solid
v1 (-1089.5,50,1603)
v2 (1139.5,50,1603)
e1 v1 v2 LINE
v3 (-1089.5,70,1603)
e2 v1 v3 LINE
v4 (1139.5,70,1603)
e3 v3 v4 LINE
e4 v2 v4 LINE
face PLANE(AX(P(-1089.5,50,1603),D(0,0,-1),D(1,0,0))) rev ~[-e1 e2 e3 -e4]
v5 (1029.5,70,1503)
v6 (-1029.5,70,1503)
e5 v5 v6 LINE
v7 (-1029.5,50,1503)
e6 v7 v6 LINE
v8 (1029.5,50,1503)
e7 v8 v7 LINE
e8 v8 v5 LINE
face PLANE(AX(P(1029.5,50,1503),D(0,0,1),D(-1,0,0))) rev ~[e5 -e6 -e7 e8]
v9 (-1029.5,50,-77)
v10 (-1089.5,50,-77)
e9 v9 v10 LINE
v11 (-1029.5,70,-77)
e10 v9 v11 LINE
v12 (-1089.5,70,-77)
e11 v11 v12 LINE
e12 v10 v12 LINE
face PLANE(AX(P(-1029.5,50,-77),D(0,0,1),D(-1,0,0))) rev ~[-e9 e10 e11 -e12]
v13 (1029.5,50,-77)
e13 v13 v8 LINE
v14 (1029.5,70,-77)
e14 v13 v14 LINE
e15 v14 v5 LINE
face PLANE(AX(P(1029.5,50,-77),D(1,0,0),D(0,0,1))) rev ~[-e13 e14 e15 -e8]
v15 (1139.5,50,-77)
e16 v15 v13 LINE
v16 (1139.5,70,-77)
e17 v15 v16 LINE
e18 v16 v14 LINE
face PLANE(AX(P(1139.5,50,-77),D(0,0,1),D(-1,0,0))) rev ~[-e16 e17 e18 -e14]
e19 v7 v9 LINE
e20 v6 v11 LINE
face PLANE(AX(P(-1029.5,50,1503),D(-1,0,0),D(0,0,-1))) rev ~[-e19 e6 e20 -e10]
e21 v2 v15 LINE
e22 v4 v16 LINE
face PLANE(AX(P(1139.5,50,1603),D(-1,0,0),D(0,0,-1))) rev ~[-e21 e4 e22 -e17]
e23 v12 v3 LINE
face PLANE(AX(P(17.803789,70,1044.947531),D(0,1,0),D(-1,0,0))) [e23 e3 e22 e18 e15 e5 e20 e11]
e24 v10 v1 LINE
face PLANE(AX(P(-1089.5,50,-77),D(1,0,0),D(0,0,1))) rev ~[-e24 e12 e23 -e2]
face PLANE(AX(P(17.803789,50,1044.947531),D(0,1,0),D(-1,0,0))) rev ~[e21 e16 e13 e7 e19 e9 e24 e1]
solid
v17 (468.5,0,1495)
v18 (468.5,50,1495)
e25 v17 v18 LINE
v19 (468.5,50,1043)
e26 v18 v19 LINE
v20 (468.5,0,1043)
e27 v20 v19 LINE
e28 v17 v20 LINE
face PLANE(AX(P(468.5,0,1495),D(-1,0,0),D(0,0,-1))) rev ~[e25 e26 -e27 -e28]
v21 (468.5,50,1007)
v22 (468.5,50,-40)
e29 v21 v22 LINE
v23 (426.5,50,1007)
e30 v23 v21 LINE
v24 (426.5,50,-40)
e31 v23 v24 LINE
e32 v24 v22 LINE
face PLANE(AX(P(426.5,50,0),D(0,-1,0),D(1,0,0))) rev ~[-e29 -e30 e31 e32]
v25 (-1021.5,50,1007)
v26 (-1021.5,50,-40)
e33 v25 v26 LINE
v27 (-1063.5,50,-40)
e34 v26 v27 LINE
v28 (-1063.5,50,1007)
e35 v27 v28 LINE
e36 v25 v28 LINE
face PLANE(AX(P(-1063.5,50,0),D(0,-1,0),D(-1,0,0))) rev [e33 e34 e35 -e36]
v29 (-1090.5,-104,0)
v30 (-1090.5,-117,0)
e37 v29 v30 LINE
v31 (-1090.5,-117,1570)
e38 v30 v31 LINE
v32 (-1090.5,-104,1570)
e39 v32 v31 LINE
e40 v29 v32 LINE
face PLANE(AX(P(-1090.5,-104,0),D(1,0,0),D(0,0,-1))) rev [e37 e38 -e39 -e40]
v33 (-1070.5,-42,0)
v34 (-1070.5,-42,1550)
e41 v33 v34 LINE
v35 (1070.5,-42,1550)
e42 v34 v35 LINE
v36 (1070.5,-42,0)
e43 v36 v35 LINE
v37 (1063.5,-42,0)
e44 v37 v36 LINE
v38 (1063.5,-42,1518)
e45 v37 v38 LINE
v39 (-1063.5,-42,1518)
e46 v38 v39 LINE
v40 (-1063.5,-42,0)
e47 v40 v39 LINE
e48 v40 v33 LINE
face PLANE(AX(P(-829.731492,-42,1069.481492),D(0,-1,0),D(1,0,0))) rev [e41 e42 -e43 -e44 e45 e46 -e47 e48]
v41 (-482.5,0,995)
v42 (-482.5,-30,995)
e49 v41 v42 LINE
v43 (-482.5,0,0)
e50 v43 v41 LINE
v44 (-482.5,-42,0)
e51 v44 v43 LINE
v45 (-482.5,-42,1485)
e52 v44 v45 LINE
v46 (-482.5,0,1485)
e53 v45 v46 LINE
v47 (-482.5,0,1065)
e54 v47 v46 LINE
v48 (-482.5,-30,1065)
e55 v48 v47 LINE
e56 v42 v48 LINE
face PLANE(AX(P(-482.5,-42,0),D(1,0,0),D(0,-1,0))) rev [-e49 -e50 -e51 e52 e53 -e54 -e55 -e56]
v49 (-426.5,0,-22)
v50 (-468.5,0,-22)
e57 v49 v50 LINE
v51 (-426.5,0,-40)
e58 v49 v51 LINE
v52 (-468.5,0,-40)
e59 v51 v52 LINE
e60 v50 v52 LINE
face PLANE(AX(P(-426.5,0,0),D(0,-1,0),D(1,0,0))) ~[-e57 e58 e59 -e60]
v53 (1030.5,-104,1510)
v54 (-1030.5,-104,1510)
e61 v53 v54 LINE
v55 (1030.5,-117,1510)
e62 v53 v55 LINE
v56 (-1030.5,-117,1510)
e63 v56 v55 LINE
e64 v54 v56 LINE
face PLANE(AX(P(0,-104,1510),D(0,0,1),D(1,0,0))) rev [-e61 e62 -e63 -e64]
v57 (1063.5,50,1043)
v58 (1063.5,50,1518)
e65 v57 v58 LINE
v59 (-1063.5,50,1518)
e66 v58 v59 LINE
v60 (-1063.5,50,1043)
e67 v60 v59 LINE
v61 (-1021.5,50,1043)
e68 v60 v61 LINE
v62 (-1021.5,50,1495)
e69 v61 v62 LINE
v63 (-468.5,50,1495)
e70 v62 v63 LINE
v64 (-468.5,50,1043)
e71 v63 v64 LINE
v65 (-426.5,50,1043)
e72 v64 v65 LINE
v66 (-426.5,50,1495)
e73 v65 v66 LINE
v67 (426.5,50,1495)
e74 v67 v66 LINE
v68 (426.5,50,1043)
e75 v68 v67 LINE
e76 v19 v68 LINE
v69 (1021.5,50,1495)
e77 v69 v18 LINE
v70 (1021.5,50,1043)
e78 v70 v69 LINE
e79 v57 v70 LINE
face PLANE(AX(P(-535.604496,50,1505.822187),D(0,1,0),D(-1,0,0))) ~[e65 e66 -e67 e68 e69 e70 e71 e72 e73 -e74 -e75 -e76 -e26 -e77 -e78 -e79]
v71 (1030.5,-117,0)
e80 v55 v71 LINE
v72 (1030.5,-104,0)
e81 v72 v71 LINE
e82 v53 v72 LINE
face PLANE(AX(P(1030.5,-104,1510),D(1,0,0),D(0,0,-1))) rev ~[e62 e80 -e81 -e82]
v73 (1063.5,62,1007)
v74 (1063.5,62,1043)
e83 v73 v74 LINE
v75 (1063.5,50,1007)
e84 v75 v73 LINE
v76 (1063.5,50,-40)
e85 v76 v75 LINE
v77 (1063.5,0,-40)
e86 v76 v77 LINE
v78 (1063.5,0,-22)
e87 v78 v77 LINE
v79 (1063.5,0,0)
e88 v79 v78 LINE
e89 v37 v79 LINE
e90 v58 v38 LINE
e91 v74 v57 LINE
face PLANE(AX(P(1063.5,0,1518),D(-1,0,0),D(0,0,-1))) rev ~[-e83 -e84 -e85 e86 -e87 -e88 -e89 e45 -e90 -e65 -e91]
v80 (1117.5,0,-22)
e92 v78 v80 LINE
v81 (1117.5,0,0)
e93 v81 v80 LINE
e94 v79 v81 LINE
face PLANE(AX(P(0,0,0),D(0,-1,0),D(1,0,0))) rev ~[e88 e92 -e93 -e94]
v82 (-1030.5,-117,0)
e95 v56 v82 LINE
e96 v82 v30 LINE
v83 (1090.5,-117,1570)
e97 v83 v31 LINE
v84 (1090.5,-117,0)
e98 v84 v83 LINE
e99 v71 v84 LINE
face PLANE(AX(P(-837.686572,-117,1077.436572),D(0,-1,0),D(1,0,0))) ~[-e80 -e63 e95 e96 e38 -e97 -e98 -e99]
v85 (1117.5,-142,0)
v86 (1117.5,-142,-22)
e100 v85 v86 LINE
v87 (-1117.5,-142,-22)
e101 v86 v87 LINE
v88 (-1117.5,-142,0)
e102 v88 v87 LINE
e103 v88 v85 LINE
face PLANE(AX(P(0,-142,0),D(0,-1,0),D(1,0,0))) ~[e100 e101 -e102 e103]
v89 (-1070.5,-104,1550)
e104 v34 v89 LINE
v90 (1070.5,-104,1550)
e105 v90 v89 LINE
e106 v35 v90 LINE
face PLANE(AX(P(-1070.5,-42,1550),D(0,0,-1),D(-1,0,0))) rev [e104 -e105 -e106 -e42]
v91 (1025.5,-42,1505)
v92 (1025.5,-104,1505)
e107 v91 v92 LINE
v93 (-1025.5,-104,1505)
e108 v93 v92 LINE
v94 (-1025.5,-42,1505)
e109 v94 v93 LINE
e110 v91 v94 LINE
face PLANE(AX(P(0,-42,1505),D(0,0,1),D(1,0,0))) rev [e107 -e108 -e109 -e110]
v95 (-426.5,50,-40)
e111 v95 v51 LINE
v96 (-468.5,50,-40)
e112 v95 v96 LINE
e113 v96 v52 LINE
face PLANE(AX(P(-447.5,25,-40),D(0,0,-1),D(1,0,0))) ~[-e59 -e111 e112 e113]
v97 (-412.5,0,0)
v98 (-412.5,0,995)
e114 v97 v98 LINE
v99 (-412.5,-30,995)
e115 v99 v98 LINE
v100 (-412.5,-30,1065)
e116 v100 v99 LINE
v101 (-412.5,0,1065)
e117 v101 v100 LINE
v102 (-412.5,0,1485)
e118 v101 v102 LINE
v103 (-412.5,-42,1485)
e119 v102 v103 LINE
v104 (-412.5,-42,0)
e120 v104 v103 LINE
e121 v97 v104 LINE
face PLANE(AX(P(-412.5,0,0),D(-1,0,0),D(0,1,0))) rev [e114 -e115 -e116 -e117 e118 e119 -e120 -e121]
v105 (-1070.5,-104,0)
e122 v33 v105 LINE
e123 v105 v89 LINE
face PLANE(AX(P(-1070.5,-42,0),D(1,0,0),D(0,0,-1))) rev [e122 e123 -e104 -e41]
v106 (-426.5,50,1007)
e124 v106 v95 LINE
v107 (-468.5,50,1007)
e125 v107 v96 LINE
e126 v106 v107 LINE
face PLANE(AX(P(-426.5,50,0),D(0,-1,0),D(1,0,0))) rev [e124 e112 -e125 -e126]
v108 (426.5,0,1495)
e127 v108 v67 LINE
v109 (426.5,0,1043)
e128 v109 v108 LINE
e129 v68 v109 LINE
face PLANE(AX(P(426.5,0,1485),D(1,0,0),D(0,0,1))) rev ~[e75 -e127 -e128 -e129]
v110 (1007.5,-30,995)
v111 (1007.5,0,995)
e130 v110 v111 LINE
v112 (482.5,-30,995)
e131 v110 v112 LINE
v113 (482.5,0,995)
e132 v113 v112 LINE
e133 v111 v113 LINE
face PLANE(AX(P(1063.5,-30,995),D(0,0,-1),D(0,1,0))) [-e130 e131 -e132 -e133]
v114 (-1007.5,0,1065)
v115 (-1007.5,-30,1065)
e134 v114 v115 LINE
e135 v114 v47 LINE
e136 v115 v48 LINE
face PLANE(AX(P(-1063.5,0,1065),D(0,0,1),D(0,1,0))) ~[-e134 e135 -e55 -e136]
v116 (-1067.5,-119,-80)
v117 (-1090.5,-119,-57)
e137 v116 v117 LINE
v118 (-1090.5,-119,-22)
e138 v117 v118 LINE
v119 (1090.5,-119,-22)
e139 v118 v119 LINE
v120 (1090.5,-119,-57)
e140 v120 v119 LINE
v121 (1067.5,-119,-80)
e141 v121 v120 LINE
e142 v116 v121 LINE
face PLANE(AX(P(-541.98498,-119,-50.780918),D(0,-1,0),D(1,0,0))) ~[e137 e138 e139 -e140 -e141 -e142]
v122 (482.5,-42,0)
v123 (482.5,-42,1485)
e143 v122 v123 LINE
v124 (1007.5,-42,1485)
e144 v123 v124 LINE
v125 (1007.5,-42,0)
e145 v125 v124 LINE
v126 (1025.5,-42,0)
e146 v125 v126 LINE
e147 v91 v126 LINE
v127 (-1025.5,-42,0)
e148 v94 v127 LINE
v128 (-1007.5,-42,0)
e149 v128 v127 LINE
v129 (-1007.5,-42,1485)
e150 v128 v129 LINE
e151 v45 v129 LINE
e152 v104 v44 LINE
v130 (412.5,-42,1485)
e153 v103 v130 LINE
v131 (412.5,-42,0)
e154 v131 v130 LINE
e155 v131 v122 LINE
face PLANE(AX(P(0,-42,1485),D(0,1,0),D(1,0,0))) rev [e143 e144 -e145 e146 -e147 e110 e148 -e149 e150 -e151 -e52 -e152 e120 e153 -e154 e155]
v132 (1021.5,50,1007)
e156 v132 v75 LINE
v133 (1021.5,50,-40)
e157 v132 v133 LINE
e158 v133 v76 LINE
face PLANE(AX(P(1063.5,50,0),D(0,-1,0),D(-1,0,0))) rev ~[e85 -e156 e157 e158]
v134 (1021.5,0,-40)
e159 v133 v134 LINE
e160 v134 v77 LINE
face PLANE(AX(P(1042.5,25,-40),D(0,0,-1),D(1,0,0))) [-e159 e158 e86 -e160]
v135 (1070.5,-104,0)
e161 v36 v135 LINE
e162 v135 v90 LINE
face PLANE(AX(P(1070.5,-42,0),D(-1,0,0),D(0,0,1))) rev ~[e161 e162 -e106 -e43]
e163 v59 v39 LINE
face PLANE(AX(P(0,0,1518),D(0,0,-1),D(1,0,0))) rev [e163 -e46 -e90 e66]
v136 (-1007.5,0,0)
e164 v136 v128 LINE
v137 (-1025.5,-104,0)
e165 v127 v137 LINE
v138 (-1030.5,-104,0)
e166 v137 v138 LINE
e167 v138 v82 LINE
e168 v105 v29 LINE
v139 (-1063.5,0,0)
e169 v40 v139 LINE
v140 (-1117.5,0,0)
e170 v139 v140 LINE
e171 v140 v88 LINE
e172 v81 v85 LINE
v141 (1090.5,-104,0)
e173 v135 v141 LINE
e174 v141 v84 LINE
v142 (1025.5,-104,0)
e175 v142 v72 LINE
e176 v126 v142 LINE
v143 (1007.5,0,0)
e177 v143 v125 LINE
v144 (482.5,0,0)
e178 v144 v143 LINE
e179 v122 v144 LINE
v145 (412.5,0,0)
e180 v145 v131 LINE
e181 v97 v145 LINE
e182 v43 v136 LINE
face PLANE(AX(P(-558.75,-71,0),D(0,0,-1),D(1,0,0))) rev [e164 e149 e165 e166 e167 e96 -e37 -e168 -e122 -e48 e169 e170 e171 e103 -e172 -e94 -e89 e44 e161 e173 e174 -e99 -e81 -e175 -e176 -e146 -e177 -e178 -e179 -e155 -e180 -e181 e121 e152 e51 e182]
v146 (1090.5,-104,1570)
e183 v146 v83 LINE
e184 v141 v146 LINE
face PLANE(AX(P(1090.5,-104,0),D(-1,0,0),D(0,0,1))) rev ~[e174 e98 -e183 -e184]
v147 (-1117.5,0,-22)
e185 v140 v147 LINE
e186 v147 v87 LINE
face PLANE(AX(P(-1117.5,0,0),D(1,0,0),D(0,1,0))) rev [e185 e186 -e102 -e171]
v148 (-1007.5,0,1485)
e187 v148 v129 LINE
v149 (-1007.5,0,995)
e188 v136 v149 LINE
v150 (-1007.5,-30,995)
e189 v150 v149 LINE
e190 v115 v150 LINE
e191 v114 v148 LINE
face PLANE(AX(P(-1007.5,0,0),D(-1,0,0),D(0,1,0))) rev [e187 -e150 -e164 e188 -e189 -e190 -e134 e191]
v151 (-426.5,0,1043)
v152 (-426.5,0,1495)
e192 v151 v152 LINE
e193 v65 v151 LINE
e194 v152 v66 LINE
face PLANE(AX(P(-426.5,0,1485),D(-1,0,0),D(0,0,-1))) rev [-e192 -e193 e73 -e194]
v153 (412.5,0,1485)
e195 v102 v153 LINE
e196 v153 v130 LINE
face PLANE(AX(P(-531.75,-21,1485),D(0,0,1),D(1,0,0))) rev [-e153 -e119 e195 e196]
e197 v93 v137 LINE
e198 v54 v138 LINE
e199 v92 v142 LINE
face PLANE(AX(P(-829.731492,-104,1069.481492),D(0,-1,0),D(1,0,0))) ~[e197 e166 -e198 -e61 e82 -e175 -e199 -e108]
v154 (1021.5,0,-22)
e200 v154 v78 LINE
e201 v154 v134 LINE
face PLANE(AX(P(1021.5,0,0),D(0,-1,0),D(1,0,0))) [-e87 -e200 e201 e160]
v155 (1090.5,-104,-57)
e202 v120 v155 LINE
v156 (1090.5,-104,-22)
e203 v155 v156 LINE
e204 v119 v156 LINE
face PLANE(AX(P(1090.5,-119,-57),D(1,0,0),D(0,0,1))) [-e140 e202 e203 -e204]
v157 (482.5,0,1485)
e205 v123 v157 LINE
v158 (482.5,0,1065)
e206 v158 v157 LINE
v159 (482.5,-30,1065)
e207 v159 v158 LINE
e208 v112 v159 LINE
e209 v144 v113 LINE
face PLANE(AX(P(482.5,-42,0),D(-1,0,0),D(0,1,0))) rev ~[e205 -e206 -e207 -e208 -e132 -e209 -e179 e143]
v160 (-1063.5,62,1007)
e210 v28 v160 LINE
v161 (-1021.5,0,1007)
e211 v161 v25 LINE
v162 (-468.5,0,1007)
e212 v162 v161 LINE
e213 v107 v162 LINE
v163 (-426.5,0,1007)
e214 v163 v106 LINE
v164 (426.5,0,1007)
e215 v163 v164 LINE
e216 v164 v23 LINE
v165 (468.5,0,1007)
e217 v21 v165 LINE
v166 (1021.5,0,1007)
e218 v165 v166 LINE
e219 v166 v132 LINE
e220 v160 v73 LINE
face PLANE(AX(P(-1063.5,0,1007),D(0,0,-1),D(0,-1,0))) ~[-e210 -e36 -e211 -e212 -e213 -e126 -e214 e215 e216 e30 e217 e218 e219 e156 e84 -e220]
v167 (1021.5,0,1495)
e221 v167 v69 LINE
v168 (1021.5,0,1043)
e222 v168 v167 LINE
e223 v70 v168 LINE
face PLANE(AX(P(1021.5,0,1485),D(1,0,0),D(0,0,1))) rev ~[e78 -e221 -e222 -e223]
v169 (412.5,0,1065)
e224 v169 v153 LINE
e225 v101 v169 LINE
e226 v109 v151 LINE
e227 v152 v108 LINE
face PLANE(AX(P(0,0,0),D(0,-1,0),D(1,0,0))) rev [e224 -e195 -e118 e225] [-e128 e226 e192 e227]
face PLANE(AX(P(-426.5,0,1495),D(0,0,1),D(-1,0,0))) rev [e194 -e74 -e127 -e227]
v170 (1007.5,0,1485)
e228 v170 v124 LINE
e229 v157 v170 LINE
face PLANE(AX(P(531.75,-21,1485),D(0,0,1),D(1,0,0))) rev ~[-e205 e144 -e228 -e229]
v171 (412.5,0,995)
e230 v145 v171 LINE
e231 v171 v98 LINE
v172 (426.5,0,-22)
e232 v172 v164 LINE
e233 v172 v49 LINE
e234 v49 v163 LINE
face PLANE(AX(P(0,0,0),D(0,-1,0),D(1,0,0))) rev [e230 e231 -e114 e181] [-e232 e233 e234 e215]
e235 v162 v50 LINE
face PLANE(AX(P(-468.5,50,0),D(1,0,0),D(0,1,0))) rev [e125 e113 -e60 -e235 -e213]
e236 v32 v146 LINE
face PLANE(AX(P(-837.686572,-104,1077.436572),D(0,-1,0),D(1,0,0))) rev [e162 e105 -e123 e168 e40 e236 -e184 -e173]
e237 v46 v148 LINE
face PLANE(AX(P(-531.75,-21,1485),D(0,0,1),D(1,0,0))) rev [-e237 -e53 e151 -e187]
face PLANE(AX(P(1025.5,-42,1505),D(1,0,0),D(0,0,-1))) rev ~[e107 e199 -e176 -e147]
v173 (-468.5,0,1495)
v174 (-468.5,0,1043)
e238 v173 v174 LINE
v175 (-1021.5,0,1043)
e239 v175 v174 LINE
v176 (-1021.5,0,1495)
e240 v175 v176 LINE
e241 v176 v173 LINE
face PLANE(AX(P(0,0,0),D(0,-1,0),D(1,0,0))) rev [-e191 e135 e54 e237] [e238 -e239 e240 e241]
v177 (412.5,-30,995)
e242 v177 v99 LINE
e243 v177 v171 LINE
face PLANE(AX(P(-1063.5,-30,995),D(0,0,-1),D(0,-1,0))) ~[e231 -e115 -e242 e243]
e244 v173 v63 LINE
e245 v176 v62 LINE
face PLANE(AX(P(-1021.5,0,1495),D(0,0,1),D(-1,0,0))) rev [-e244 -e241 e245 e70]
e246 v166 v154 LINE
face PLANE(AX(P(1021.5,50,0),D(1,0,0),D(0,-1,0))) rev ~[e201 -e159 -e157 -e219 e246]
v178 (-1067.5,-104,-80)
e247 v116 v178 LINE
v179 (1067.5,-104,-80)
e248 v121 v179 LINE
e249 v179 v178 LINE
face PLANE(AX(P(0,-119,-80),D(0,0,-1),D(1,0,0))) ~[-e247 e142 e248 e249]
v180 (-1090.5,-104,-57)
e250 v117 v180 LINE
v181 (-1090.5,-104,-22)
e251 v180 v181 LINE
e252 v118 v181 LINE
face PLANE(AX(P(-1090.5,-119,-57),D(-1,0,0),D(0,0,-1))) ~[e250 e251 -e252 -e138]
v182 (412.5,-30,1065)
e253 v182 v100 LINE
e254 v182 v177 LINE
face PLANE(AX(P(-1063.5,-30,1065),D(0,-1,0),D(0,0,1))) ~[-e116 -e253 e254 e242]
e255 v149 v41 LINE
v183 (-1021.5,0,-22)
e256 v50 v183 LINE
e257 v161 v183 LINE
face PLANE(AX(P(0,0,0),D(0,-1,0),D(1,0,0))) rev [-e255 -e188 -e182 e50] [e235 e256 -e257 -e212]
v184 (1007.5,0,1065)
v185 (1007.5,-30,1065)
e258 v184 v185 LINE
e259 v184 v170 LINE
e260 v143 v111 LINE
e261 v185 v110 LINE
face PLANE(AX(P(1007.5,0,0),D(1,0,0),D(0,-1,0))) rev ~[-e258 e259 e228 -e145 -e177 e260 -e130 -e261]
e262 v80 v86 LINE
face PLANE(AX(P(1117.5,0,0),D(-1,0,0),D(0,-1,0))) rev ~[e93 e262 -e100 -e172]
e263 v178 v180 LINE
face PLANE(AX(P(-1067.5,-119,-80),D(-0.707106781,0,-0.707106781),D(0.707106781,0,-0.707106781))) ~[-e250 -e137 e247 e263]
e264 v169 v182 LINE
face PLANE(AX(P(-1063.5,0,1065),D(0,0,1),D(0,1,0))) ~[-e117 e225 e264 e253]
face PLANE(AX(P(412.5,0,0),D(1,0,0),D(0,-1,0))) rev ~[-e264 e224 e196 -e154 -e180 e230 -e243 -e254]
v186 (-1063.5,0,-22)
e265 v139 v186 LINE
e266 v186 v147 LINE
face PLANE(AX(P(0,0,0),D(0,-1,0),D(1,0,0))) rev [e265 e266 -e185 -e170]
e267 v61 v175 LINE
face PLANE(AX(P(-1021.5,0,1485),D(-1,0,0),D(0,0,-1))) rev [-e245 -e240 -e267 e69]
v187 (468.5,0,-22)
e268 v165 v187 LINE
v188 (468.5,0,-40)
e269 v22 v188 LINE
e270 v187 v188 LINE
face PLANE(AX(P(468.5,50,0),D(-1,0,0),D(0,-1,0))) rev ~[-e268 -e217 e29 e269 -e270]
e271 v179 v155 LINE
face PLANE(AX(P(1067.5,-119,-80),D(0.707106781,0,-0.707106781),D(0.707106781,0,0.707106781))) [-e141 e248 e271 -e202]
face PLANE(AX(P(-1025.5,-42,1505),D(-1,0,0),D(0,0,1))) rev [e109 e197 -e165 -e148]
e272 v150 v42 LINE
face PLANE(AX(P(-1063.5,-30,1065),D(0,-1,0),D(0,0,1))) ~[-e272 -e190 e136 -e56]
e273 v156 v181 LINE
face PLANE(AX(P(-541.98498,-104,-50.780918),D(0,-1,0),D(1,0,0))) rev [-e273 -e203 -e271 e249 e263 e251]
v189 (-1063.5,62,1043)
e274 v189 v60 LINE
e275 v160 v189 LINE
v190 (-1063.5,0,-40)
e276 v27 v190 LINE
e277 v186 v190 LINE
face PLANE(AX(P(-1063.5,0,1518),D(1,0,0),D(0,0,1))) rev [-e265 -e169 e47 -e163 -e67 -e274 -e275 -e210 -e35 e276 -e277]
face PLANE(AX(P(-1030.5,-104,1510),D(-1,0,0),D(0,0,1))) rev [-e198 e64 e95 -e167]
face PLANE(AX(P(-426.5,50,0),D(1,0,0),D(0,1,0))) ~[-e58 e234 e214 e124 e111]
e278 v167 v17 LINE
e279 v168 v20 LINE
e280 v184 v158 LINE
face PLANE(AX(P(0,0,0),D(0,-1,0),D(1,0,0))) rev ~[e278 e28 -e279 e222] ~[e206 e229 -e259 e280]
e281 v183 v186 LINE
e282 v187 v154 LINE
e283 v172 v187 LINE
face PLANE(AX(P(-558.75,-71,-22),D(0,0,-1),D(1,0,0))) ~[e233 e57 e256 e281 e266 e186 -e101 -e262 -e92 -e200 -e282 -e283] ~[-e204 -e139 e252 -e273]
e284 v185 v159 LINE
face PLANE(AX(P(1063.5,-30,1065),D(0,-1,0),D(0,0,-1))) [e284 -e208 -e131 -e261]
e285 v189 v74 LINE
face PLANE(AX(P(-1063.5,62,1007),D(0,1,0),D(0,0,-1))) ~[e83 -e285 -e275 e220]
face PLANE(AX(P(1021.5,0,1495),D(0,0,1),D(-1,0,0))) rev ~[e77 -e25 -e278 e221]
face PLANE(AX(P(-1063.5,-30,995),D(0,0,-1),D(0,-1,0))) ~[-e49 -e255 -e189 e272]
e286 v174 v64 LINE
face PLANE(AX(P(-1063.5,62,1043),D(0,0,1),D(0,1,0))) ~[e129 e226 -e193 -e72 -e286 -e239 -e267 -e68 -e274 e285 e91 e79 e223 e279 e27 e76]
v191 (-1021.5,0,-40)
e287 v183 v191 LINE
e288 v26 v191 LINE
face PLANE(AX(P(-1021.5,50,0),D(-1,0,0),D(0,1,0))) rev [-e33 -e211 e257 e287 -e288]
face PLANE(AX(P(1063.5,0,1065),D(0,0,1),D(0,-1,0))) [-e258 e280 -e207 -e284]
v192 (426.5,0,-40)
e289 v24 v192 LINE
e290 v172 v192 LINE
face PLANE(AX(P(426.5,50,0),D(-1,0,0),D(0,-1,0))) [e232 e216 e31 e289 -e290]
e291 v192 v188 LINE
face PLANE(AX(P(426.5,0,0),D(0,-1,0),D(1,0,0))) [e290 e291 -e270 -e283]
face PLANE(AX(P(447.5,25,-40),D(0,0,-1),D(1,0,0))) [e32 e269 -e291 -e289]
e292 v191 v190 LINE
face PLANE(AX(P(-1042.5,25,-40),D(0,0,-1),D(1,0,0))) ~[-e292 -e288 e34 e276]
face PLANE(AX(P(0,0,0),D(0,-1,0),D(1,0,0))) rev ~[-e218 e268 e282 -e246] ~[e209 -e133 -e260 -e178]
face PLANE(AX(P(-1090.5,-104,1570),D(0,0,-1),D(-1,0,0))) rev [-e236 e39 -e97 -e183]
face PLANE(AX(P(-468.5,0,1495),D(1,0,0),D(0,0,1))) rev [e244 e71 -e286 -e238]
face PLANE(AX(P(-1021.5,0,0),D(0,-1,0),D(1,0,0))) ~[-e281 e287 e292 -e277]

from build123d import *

# Parameters (mm, degrees)
F1_DEPTH  = 1485
F2_W      = 1063.5
F2_H      = 42
F3_DEPTH  = 33
F4_W      = 1117.5
F4_H      = 142
F5_DEPTH  = 22
F7_DEPTH  = 1063.5
F9_DEPTH  = 62
F11_DEPTH = 13
F14_DEPTH = 15
F16_DEPTH = 50
F17_W     = 42
F17_H     = 50
F18_DEPTH = 40
F21_DEPTH = 20


with BuildPart() as f1:
    # F0 (on Top) → F1 (new body)
    with BuildSketch(Plane.XY):
        Polygon((426.5, 50), (426.5, 0), (412.5, 0), (412.5, -42), (482.5, -42), (482.5, 0), (468.5, 0), (468.5, 50), align=None)
    extrude(amount=F1_DEPTH)



with BuildPart() as f1b:
    # F0 (on Top) → F1, piece 2 (new body)
    with BuildSketch(Plane.XY):
        Polygon((1021.5, 0), (1007.5, 0), (1007.5, -42), (1063.5, -42), (1063.5, 50), (1021.5, 50), align=None)
    extrude(amount=F1_DEPTH)


with BuildPart() as f1_1:
    add(f1.part)

    add(f1b.part)  # F3 merges F1b
    # F2 (on face) → F3 (join)
    with BuildSketch(Plane.XY.offset(1485)):
        with Locations((531.75, -21)):
            Rectangle(F2_W, F2_H)
    extrude(amount=F3_DEPTH)

    # F4 (on face) → F5 (join)
    with BuildSketch(Plane(origin=(0, 0, 0), x_dir=(1, 0, 0), z_dir=(0, 0, -1))):
        with Locations((558.75, 71)):
            Rectangle(F4_W, F4_H)
    extrude(amount=F5_DEPTH)

    # F6 (on face) → F7 (join, through all)
    with BuildSketch(Plane.YZ.offset(1063.5)):
        Polygon((0, 1065), (-30, 1065), (-30, 995), (0, 995), (0, 1007), (62, 1007), (62, 1043), (0, 1043), align=None)
    extrude(amount=-F7_DEPTH)

    # F8 (on face) → F9 (join)
    with BuildSketch(Plane.XZ.offset(42)):
        Polygon((1025.5, 1505), (1025.5, 0), (1070.5, 0), (1070.5, 1550), (0, 1550), (0, 1505), align=None)
    extrude(amount=F9_DEPTH)

    # F10 (on face) → F11 (join)
    with BuildSketch(Plane.XZ.offset(104)):
        Polygon((1030.5, 1510), (1030.5, 0), (1090.5, 0), (1090.5, 1570), (0, 1570), (0, 1510), align=None)
    extrude(amount=F11_DEPTH)

    # F13 (on offset) → F14 (join)
    with BuildSketch(Plane.XZ.offset(119)):
        Polygon((1090.5, -57), (1090.5, -22), (0, -22), (0, -80), (1067.5, -80), align=None)
    extrude(amount=-F14_DEPTH)

    # F15 (on face) → F16 (join, through all)
    with BuildSketch(Plane(origin=(0, 0, 0), x_dir=(-1, 0, 0), z_dir=(0, 1, 0))):
        Polygon((-1063.5, 1518), (-1063.5, 1485), (-1021.5, 1485), (-1021.5, 1495), (-468.5, 1495), (-468.5, 1485), (-426.5, 1485), (-426.5, 1495), (0, 1495), (0, 1518), align=None)
    extrude(amount=F16_DEPTH)

    # F17 (on face) → F18 (join)
    with BuildSketch(Plane(origin=(0, 0, 0), x_dir=(1, 0, 0), z_dir=(0, 0, -1))):
        with Locations((447.5, -25)):
            Rectangle(F17_W, F17_H)
        with Locations((1042.5, -25)):
            Rectangle(F17_W, F17_H)
    extrude(amount=F18_DEPTH)

    # F19: F1 across plane


with BuildPart() as f1_2:
    add(f1_1.part)
    add(f1_1.part.mirror(Plane.YZ))


with BuildPart() as f21:
    # F20 (on face) → F21 (new body)
    with BuildSketch(Plane(origin=(0, 50, 0), x_dir=(-1, 0, 0), z_dir=(0, 1, 0))):
        Polygon((-1029.5, -77), (-1029.5, 1503), (1029.5, 1503), (1029.5, -77), (1089.5, -77), (1089.5, 1603), (-1139.5, 1603), (-1139.5, -77), align=None)
    extrude(amount=F21_DEPTH)


solid = Compound([f1_2.part, f21.part])
